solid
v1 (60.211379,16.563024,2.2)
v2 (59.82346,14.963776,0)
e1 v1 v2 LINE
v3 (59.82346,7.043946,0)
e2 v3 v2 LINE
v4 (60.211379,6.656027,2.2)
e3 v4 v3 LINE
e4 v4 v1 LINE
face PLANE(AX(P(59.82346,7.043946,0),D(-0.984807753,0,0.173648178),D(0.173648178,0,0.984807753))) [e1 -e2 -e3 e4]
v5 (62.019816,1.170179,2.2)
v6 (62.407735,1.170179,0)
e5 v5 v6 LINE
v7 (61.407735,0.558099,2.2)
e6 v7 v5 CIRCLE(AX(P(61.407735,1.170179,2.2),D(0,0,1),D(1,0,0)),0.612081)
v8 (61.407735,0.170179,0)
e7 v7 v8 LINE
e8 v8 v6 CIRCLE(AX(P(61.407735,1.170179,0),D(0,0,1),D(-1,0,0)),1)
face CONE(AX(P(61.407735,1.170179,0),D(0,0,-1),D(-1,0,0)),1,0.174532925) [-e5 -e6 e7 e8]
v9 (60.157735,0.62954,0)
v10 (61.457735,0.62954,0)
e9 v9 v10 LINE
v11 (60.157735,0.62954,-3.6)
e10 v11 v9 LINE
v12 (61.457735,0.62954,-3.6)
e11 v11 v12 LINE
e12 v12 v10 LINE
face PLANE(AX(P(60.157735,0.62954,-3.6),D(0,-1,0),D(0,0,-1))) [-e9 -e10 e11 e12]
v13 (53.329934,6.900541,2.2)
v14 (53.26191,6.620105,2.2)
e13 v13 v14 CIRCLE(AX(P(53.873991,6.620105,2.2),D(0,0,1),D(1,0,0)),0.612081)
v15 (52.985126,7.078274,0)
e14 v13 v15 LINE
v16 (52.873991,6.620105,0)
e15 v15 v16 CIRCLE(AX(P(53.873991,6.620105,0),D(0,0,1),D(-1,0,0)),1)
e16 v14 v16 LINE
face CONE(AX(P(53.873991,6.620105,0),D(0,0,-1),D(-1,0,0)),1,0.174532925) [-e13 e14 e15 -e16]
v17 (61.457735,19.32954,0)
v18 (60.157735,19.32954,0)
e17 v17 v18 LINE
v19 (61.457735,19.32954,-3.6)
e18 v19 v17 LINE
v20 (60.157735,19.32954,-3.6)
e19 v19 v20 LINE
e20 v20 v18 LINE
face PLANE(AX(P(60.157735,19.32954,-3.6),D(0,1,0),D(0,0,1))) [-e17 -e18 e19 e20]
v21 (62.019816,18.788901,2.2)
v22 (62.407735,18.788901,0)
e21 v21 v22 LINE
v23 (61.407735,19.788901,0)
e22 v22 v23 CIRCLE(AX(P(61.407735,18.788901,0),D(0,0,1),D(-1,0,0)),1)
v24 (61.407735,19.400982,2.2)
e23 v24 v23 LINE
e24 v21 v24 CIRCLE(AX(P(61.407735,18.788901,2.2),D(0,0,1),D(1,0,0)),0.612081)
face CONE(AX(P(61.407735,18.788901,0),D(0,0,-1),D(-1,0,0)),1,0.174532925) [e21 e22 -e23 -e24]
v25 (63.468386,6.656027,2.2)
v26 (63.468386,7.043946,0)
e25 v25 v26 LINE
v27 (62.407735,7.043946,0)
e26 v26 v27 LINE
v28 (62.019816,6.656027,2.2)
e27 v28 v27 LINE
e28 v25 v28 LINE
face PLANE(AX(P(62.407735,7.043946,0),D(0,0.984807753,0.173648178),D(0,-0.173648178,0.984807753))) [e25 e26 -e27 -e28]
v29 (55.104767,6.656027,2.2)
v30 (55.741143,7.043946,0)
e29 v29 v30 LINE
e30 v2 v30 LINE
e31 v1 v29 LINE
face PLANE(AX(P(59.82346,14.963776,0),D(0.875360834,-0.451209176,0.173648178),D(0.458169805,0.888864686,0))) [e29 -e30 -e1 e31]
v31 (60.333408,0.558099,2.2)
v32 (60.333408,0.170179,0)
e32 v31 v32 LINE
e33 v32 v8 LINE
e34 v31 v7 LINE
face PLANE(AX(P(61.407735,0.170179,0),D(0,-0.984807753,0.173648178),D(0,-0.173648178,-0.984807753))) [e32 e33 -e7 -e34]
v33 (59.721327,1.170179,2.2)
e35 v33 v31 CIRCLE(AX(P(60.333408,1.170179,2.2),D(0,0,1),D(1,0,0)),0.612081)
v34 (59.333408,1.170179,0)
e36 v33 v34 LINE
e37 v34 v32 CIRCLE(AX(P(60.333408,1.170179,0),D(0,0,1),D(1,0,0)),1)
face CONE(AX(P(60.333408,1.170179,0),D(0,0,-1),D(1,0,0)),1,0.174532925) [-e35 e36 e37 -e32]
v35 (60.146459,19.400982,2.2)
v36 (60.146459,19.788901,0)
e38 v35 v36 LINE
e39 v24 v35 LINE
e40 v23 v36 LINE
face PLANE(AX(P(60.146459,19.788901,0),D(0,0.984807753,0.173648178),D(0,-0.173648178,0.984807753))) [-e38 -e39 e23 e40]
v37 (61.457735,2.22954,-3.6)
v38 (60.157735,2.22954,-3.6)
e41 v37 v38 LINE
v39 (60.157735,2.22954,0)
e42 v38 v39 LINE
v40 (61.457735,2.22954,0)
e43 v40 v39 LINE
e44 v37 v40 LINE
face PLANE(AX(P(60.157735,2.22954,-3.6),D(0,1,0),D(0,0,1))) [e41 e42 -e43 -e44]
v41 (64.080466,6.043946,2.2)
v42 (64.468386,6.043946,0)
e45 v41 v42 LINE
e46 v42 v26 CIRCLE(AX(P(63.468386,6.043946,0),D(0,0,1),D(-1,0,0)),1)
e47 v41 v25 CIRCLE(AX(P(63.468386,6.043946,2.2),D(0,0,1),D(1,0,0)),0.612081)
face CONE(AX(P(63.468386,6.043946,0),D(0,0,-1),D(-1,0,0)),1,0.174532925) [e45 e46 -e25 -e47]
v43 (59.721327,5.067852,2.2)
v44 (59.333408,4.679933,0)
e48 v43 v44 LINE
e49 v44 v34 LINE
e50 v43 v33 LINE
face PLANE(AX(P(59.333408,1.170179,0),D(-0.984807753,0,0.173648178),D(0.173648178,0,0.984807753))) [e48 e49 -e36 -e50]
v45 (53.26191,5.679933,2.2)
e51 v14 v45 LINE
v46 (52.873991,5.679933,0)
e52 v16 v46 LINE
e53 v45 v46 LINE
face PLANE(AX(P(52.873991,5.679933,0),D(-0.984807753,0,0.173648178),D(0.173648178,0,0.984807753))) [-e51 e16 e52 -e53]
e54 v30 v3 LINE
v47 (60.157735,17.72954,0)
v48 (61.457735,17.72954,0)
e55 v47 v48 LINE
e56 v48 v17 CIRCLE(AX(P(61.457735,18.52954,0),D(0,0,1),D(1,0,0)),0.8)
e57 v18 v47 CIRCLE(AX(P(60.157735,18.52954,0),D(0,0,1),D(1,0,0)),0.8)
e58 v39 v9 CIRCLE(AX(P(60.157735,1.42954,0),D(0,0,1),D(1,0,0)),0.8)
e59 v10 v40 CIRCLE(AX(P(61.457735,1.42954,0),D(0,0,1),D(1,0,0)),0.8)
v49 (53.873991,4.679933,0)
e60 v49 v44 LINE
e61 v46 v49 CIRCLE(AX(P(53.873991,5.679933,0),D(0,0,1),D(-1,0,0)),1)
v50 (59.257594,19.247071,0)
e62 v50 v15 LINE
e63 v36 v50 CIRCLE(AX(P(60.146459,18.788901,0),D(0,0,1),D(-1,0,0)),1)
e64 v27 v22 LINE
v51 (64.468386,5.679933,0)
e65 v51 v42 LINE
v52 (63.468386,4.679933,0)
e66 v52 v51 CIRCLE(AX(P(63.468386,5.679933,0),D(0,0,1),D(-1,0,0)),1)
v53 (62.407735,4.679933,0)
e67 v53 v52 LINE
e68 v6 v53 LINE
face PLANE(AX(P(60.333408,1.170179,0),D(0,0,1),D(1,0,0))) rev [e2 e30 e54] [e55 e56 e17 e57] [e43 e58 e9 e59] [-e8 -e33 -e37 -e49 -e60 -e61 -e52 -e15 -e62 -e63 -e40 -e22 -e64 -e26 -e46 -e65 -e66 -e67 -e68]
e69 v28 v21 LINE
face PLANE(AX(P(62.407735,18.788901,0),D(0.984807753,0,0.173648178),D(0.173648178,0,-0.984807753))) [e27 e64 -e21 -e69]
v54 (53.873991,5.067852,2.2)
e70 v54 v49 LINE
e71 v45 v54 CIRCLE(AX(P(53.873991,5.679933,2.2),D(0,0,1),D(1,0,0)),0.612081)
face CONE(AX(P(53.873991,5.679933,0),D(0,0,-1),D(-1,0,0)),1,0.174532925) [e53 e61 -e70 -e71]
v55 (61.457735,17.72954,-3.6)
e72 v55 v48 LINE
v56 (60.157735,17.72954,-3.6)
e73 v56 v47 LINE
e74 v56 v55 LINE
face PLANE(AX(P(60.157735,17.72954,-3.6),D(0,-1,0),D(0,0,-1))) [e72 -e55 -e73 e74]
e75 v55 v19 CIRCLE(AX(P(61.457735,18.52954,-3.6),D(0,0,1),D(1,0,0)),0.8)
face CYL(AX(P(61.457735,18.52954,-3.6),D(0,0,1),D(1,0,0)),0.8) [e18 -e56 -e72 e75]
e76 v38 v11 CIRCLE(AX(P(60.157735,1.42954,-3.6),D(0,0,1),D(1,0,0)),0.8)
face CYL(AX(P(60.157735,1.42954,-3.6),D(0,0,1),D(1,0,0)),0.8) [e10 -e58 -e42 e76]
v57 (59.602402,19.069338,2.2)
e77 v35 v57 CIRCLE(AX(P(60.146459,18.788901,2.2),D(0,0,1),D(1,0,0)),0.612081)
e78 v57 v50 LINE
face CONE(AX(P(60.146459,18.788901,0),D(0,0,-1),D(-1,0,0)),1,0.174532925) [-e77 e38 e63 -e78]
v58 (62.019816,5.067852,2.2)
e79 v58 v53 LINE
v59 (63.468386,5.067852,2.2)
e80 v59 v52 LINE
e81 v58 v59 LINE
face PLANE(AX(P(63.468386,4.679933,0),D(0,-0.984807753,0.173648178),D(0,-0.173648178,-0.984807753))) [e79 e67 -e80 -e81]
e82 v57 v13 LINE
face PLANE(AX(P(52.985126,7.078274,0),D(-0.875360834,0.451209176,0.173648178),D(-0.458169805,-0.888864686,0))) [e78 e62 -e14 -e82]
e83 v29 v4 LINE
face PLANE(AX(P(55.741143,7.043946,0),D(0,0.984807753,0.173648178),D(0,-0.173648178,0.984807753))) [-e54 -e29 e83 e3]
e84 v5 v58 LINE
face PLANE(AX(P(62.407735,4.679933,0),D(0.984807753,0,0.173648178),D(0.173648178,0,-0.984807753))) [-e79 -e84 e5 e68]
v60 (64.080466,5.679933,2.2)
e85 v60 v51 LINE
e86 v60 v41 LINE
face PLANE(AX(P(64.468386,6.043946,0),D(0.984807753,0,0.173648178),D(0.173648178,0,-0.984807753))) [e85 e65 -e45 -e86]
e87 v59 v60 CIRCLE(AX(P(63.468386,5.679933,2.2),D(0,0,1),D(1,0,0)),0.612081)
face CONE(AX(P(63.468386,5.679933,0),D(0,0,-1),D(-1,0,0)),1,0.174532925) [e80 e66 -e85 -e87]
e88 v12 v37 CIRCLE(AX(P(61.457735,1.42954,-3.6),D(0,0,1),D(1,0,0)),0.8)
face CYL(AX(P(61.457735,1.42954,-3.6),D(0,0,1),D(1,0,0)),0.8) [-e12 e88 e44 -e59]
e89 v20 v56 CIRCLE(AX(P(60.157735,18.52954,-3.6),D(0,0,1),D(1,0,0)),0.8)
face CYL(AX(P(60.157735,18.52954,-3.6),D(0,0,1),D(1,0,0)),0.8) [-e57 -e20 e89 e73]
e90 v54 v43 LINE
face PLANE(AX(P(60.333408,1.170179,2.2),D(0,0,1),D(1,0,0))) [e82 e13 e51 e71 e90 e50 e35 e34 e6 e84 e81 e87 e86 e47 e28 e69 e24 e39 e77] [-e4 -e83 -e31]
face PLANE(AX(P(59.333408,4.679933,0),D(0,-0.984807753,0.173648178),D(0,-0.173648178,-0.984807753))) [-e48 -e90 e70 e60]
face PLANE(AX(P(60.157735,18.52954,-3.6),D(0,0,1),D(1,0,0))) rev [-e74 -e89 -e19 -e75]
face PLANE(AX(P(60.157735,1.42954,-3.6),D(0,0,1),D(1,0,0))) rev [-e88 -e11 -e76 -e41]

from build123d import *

# Parameters (mm, degrees)
BOSS_EXTRU_3_DEPTH = 2.2
BOSS_EXTRU_3_DRAFT = 10
BOSS_EXTRU_4_DEPTH = 3.6


with BuildPart() as part:
    # Esquisse2 → Boss.-Extru.3 (with draft: the straight prism first)
    with BuildSketch(Plane.XY):
        with BuildLine():
            ThreePointArc((59.333408072, 1.170179372), (59.626301291, 0.463072591), (60.333408072, 0.170179372))
            Line((60.333408072, 0.170179372), (61.407735426, 0.170179372))
            ThreePointArc((61.407735426, 0.170179372), (62.114842207, 0.463072591), (62.407735426, 1.170179372))
            Line((62.407735426, 1.170179372), (62.407735426, 4.679932735))
            Line((62.407735426, 4.679932735), (63.46838565, 4.679932735))
            ThreePointArc((63.46838565, 4.679932735), (64.175492431, 4.972825954), (64.46838565, 5.679932735))
            Line((64.46838565, 5.679932735), (64.46838565, 6.043946188))
            ThreePointArc((64.46838565, 6.043946188), (64.175492431, 6.75105297), (63.46838565, 7.043946188))
            Line((63.46838565, 7.043946188), (62.407735426, 7.043946188))
            Line((62.407735426, 7.043946188), (62.407735426, 18.788901345))
            ThreePointArc((62.407735426, 18.788901345), (62.114842207, 19.496008126), (61.407735426, 19.788901345))
            Line((61.407735426, 19.788901345), (60.146458975, 19.788901345))
            ThreePointArc((60.146458975, 19.788901345), (59.625963925, 19.642766032), (59.257594289, 19.24707115))
            Line((59.257594289, 19.24707115), (52.985126346, 7.078274373))
            ThreePointArc((52.985126346, 7.078274373), (52.902171942, 6.855832499), (52.873991031, 6.620104568))
            Line((52.873991031, 6.620104568), (52.873991031, 5.679932735))
            ThreePointArc((52.873991031, 5.679932735), (53.16688425, 4.972825954), (53.873991031, 4.679932735))
            Line((53.873991031, 4.679932735), (59.333408072, 4.679932735))
            Line((59.333408072, 4.679932735), (59.333408072, 2.689573991))
            Line((59.333408072, 2.689573991), (59.333408072, 1.170179372))
        make_face()
        Polygon((59.823459842, 7.043946188), (59.823459842, 14.963775897), (55.741143498, 7.043946188), align=None, mode=Mode.SUBTRACT)
    extrude(amount=BOSS_EXTRU_3_DEPTH)
    # Boss.-Extru.3: the draft: its side faces are tilted about the plane it starts from
    boss_extru_3_sides = [part.faces().sort_by_distance(p)[0] for p in [
        (60.777097201, 19.788901345, 1.1),
        (59.823459842, 11.003861043, 1.1),
        (57.78230167, 11.003861043, 1.1),
        (57.78230167, 7.043946188, 1.1),
        (62.407735426, 12.916423767, 1.1),
        (62.938060538, 7.043946188, 1.1),
        (64.175492431, 6.75105297, 1.1),
        (64.46838565, 5.861939462, 1.1),
        (64.175492431, 4.972825954, 1.1),
        (62.938060538, 4.679932735, 1.1),
        (62.407735426, 2.925056054, 1.1),
        (62.114842207, 0.463072591, 1.1),
        (60.870571749, 0.170179372, 1.1),
        (59.626301291, 0.463072591, 1.1),
        (59.333408072, 2.925056054, 1.1),
        (56.603699552, 4.679932735, 1.1),
        (53.16688425, 4.972825954, 1.1),
        (52.873991031, 6.150018652, 1.1),
        (52.902171942, 6.855832499, 1.1),
        (56.121360317, 13.162672762, 1.1),
        (59.625963925, 19.642766032, 1.1),
        (62.114842207, 19.496008126, 1.1),
    ]]
    draft(boss_extru_3_sides, Plane.XY, BOSS_EXTRU_3_DRAFT)

    # Esquisse3 → Boss.-Extru.4 (add)
    with BuildSketch(Plane.XY):
        with BuildLine():
            Line((60.157735426, 19.329540359), (61.457735426, 19.329540359))
            ThreePointArc((61.457735426, 19.329540359), (62.257735426, 18.529540359), (61.457735426, 17.729540359))
            Line((61.457735426, 17.729540359), (60.157735426, 17.729540359))
            ThreePointArc((60.157735426, 17.729540359), (59.357735426, 18.529540359), (60.157735426, 19.329540359))
        make_face()
        with BuildLine():
            Line((60.157735426, 2.229540359), (61.457735426, 2.229540359))
            ThreePointArc((61.457735426, 2.229540359), (62.257735426, 1.429540359), (61.457735426, 0.629540359))
            Line((61.457735426, 0.629540359), (60.157735426, 0.629540359))
            ThreePointArc((60.157735426, 0.629540359), (59.357735426, 1.429540359), (60.157735426, 2.229540359))
        make_face()
    extrude(amount=-BOSS_EXTRU_4_DEPTH)


solid = part.part
